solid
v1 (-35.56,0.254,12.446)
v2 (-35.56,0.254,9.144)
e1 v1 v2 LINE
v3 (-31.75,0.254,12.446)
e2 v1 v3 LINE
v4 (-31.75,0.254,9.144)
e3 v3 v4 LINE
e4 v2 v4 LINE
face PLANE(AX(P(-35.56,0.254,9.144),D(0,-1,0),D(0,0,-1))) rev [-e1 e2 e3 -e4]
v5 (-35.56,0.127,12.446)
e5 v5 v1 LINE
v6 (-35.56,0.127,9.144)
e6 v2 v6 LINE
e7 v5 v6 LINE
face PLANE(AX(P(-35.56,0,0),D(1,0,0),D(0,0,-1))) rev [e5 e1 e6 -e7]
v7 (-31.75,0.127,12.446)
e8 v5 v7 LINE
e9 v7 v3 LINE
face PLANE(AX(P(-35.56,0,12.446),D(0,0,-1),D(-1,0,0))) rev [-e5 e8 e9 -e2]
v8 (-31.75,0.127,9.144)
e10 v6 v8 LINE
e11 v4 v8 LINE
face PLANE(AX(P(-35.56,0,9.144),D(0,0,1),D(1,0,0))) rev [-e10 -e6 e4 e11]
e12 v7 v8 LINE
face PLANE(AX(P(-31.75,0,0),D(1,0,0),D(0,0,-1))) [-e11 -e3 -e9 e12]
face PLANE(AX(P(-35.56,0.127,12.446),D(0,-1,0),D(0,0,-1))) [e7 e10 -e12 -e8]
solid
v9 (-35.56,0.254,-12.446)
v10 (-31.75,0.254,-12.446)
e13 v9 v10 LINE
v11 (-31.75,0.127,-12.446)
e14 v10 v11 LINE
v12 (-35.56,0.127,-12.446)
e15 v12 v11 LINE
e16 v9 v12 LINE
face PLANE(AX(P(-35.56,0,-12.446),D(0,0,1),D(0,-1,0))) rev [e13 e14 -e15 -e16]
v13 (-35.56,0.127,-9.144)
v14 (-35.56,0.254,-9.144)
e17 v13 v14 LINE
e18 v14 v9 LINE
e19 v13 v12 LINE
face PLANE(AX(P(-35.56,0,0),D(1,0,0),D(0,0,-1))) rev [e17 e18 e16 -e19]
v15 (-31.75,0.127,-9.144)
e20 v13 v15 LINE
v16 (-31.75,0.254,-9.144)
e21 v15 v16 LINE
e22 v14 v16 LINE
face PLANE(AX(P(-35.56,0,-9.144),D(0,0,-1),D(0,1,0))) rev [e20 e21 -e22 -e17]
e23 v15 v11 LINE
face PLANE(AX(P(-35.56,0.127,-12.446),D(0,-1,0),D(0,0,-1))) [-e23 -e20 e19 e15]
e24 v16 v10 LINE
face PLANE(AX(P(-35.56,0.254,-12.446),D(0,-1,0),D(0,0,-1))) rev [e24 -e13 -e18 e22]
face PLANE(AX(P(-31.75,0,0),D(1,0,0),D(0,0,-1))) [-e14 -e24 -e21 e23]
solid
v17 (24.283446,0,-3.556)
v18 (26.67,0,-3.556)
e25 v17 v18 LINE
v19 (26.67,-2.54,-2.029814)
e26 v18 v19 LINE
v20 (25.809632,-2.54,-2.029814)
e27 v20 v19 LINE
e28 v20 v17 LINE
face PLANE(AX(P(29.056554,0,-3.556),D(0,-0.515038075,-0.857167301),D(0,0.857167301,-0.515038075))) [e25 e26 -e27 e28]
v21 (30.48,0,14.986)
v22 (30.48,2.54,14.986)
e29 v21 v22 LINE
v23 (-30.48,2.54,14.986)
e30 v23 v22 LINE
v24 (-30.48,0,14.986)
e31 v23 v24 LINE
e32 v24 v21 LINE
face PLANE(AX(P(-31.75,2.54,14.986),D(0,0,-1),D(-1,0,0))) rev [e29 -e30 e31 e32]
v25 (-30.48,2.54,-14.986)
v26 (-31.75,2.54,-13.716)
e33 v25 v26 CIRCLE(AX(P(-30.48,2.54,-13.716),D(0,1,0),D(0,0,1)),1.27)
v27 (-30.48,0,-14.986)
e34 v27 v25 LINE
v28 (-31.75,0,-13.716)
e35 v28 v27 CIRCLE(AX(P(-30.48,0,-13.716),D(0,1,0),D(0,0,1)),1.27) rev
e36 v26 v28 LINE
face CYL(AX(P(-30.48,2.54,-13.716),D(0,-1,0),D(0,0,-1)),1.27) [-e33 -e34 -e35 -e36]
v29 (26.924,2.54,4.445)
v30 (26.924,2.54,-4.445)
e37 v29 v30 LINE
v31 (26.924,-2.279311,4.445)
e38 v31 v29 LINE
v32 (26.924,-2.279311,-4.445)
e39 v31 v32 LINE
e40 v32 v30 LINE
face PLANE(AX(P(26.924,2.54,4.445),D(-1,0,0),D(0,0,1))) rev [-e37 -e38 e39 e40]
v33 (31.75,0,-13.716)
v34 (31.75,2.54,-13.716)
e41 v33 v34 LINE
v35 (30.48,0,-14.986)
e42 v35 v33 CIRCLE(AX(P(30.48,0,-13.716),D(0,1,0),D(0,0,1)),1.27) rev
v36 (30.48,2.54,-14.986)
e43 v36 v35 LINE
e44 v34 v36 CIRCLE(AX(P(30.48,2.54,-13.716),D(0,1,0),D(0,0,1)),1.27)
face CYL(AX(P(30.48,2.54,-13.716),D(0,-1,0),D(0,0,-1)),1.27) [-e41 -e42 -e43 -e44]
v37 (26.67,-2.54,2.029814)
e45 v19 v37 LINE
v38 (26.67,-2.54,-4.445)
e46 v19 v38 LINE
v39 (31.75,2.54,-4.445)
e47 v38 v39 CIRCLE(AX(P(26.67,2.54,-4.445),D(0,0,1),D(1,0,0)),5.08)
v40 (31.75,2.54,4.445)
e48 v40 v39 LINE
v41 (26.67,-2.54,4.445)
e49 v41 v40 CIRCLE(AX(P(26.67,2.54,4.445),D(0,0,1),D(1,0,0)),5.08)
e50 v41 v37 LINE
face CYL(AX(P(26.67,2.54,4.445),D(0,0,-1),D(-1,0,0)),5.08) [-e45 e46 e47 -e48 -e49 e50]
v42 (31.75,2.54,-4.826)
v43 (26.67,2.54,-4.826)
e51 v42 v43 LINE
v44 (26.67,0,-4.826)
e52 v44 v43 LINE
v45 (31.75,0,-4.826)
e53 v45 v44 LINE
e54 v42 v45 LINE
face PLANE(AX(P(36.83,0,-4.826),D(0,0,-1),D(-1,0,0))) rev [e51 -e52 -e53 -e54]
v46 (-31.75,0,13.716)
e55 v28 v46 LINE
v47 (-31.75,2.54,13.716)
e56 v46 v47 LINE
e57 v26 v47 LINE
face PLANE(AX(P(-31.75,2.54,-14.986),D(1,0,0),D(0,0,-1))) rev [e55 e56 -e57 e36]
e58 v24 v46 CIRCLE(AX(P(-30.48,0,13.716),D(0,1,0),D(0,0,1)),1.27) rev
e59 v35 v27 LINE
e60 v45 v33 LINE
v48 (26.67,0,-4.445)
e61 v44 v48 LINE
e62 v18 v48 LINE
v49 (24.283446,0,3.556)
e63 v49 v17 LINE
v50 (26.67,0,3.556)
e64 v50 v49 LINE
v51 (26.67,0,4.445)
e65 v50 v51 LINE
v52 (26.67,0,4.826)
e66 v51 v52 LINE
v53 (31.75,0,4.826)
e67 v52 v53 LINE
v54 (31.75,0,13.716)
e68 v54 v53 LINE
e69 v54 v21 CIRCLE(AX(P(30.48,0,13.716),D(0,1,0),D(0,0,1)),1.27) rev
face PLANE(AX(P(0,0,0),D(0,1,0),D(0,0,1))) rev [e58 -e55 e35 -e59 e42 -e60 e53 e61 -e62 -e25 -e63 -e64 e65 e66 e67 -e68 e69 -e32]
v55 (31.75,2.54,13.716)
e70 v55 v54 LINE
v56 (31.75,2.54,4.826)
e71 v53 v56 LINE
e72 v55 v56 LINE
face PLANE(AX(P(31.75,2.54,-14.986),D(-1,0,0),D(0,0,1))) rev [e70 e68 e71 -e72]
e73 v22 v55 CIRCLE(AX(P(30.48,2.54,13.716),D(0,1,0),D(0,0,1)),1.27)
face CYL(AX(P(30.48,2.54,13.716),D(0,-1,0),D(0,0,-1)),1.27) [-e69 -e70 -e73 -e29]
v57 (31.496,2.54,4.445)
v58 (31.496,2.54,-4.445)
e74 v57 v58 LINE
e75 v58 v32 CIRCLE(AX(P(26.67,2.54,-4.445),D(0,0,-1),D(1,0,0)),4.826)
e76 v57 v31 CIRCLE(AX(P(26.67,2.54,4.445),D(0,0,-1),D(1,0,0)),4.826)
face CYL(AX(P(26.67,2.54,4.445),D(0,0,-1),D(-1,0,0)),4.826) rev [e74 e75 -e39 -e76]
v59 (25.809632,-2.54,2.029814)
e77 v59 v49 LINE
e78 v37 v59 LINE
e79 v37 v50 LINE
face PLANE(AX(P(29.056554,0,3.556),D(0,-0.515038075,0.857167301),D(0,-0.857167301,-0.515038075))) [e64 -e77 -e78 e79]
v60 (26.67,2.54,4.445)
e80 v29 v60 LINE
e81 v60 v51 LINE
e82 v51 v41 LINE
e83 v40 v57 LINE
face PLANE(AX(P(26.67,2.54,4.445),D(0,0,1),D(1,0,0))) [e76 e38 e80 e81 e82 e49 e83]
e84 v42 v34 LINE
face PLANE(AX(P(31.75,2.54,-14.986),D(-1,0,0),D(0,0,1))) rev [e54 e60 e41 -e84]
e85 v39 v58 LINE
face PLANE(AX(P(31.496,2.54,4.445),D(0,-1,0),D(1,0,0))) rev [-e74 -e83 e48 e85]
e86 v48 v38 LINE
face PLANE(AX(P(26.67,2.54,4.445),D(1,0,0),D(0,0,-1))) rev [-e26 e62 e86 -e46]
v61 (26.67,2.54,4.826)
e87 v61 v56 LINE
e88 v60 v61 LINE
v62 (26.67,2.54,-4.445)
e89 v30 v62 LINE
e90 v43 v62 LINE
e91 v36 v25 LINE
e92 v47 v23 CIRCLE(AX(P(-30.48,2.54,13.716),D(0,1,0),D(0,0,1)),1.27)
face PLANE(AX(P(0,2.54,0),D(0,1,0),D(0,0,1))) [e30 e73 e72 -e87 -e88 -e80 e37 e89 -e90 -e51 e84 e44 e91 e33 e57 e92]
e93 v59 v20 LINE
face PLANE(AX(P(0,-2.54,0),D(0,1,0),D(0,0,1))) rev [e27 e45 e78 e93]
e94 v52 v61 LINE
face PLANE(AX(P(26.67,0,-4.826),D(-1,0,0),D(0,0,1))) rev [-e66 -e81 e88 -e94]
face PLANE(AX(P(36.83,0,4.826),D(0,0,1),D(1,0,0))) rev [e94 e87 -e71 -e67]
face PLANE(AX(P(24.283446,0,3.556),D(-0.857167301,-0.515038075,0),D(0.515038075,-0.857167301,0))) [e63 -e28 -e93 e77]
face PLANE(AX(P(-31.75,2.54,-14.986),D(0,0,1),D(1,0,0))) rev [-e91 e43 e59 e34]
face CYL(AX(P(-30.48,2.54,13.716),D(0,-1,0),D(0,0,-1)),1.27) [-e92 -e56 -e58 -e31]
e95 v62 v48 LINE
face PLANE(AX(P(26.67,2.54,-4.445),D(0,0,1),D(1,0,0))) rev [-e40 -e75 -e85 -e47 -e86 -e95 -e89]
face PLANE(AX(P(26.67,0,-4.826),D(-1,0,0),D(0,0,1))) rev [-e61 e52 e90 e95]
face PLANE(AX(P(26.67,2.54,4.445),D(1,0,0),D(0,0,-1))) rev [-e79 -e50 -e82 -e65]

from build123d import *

# Parameters (mm, degrees)
SKETCH1_W             = 63.5
SKETCH1_H             = 29.972
BOSS_EXTRUDE1_DEPTH   = 2.54
FILLET1_R             = 1.27
SKETCH2_W             = 10.16
SKETCH2_H             = 9.652
CUT_EXTRUDE1_DEPTH    = 36.200771242
SKETCH3_W             = 4.773107024
SKETCH3_H             = 7.112
BOSS_EXTRUDE2_DEPTH   = 2.54
BOSS_EXTRUDE2_TAPER   = 31
SKETCH4_W             = 2.386553512
SKETCH4_H             = 7.112
CUT_EXTRUDE2_DEPTH    = 36.200771249
BOSS_EXTRUDE4_DEPTH   = 4.445
SKETCH11_W            = 3.302
SKETCH11_H            = 0.254
BOSS_EXTRUDE5_DEPTH   = 3.81
BOSS_EXTRUDE5_2_DEPTH = 3.81
SKETCH12_W            = 3.302
SKETCH12_H            = 0.127
CUT_EXTRUDE3_DEPTH    = 66.293811319


with BuildPart() as part:
    # Sketch1 → Boss-Extrude1 (new body)
    with BuildSketch(Plane(origin=(0, 0, 0), x_dir=(1, 0, 0), z_dir=(0, 1, 0))):
        Rectangle(SKETCH1_W, SKETCH1_H)
    extrude(amount=BOSS_EXTRUDE1_DEPTH)

    # Fillet1
    fillet1_edges = [part.edges().sort_by_distance(p)[0] for p in [
        (31.75, 1.27, 14.986),
        (-31.75, 1.27, 14.986),
        (-31.75, 1.27, -14.986),
        (31.75, 1.27, -14.986),
    ]]
    fillet(fillet1_edges, radius=FILLET1_R)

    # Sketch2 → Cut-Extrude1 (cut, through all)
    with BuildSketch(Plane(origin=(0, 2.54, 0), x_dir=(1, 0, 0), z_dir=(0, 1, 0))):
        with Locations((31.75, 0)):
            Rectangle(SKETCH2_W, SKETCH2_H)
    extrude(amount=-CUT_EXTRUDE1_DEPTH, mode=Mode.SUBTRACT)

    # Sketch3 → Boss-Extrude2 (add)
    with BuildSketch(Plane.XZ):
        with Locations((26.67, 0)):
            Rectangle(SKETCH3_W, SKETCH3_H)
    extrude(amount=BOSS_EXTRUDE2_DEPTH, taper=BOSS_EXTRUDE2_TAPER)

    # Sketch4 → Cut-Extrude2 (cut, through all)
    with BuildSketch(Plane(origin=(0, 0, 0), x_dir=(1, 0, 0), z_dir=(0, 1, 0))):
        with Locations((27.863276756, 0)):
            Rectangle(SKETCH4_W, SKETCH4_H)
    extrude(amount=-CUT_EXTRUDE2_DEPTH, mode=Mode.SUBTRACT)

    # Sketch10 → Boss-Extrude4 (add, symmetric)
    with BuildSketch(Plane.XY):
        with BuildLine():
            Line((26.67, 2.54), (26.67, -2.54))
            ThreePointArc((26.67, -2.54), (30.262102448, -1.052102448), (31.75, 2.54))
            Line((31.75, 2.54), (31.496, 2.54))
            ThreePointArc((31.496, 2.54), (30.171148383, -0.781480995), (26.924, -2.279311154))
            Line((26.924, -2.279311154), (26.924, 2.54))
            Line((26.924, 2.54), (26.67, 2.54))
        make_face()
    extrude(amount=BOSS_EXTRUDE4_DEPTH, both=True)


with BuildPart() as body_2:
    # Sketch11 → Boss-Extrude5 (new body)
    with BuildSketch(Plane.ZY.offset(31.75)):
        with Locations((10.795, 0.127)):
            Rectangle(SKETCH11_W, SKETCH11_H)
    extrude(amount=BOSS_EXTRUDE5_DEPTH)


with BuildPart() as body_3:
    # Sketch11 → Boss-Extrude5 2 (new body)
    with BuildSketch(Plane.ZY.offset(31.75)):
        with Locations((-10.795, 0.127)):
            Rectangle(SKETCH11_W, SKETCH11_H)
    extrude(amount=BOSS_EXTRUDE5_2_DEPTH)


with BuildPart() as cut_extrude3_tool:
    # Sketch12 → Cut-Extrude3 (new, through all)
    with BuildSketch(Plane.ZY.offset(31.75)):
        with Locations((-10.795, 0.0635)):
            Rectangle(SKETCH12_W, SKETCH12_H)
        with Locations((10.795, 0.0635)):
            Rectangle(SKETCH12_W, SKETCH12_H)
    extrude(amount=CUT_EXTRUDE3_DEPTH)


with BuildPart() as body_2_1:
    add(body_2.part)

    # Cut-Extrude3: cut by cut_extrude3_tool
    add(cut_extrude3_tool.part, mode=Mode.SUBTRACT)


with BuildPart() as body_3_1:
    add(body_3.part)

    # Cut-Extrude3: cut by cut_extrude3_tool
    add(cut_extrude3_tool.part, mode=Mode.SUBTRACT)


solid = Compound([part.part, body_2_1.part, body_3_1.part])
